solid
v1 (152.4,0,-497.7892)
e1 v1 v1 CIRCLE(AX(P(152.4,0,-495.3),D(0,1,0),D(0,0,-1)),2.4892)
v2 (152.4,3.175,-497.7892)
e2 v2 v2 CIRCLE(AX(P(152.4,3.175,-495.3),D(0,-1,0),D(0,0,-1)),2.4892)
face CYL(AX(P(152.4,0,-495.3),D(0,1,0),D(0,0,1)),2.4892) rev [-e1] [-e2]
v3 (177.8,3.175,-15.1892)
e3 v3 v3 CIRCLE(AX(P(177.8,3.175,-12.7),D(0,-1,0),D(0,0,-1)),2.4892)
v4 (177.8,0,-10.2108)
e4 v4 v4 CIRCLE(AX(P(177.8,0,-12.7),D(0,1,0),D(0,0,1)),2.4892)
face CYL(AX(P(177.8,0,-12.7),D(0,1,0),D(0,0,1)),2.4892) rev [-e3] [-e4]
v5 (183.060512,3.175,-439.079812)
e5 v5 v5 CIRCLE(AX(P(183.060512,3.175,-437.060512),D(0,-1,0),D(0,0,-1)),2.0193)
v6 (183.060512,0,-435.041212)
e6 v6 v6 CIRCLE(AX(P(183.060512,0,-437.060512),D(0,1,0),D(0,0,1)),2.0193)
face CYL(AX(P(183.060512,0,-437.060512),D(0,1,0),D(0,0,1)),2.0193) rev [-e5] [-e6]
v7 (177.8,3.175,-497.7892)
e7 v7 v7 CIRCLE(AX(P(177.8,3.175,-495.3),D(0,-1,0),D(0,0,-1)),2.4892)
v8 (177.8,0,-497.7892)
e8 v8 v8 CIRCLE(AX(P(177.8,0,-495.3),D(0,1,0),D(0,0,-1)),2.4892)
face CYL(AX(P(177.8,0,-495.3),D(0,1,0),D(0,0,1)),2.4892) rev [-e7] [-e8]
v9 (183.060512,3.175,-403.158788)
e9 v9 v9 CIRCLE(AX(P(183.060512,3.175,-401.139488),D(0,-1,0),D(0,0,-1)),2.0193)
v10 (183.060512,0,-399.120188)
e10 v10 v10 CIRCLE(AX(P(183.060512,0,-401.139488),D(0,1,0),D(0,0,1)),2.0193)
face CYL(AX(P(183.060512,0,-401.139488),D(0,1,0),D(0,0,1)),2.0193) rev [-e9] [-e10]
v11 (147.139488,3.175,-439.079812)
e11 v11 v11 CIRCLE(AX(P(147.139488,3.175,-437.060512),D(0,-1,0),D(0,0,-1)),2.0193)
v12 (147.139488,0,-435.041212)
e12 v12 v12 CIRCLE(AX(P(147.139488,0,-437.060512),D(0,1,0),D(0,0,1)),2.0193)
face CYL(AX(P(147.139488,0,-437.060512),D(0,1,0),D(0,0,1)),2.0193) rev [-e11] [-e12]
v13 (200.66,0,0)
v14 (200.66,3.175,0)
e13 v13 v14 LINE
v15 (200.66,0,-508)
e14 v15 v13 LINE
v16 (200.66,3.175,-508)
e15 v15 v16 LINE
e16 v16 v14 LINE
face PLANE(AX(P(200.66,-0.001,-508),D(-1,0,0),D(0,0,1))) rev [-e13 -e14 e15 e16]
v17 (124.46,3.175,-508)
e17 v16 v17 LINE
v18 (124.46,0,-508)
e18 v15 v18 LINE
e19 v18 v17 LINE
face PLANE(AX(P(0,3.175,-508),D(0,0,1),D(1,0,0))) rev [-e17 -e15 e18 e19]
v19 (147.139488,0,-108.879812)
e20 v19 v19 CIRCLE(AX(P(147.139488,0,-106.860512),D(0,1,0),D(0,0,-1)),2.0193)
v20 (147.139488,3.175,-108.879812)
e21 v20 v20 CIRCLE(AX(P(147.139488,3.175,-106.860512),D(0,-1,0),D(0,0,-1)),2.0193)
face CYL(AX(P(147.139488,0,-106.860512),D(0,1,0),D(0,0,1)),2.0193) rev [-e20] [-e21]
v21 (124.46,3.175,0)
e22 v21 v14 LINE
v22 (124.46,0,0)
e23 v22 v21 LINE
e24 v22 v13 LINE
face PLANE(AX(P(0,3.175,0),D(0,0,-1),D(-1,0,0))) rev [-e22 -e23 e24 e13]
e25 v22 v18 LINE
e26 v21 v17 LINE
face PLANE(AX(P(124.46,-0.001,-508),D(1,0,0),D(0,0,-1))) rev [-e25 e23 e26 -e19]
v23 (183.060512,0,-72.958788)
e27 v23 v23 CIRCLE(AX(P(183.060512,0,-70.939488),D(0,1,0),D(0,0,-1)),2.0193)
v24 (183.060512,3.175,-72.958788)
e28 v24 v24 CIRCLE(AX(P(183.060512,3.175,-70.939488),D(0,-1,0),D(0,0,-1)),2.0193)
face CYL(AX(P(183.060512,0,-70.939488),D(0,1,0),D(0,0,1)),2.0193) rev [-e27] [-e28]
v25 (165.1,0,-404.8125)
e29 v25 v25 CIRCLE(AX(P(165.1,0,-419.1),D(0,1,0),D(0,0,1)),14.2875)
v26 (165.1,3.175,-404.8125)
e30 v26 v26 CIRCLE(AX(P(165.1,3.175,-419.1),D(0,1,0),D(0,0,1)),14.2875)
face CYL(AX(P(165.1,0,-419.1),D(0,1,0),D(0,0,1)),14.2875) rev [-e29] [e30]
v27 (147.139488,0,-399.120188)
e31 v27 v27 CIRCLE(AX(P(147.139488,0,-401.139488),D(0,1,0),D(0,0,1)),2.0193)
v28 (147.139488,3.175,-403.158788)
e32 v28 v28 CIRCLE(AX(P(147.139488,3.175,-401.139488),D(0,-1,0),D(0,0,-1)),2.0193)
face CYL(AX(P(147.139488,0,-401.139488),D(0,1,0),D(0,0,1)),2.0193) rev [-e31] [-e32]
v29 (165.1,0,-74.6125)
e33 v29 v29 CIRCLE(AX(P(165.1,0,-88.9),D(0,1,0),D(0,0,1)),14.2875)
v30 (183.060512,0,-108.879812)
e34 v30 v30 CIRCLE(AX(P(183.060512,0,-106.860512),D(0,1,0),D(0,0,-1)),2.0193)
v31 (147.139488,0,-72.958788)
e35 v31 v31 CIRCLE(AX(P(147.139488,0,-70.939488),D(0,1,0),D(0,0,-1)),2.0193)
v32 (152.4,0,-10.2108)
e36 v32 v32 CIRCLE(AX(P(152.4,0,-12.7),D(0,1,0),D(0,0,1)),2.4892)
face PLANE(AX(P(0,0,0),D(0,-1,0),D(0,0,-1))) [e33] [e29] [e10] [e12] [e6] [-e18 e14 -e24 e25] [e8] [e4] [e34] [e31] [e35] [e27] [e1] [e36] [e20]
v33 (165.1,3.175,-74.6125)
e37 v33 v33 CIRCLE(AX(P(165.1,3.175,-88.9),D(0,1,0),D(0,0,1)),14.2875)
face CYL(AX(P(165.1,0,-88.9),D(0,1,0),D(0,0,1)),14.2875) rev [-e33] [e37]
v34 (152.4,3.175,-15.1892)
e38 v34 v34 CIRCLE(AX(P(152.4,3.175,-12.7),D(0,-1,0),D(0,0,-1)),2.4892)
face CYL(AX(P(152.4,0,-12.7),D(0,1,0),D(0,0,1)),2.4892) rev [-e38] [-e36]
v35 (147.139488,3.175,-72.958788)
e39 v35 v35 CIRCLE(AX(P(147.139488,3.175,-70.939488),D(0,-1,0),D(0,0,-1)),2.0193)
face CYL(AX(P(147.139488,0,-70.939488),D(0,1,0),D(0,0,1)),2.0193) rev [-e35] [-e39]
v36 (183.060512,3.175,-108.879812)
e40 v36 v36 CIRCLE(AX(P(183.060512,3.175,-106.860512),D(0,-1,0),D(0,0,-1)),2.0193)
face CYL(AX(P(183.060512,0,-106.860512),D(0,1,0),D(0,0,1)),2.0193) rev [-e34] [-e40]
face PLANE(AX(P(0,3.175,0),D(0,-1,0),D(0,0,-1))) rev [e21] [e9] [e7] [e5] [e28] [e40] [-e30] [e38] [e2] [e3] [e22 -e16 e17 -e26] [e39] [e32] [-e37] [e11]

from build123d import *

# Parameters (mm, degrees)
SKETCH1_W               = 406.4
SKETCH1_H               = 508
BOSS_EXTRUDE1_DEPTH     = 3.175
SKETCH2_R               = 14.2875
CUT_EXTRUDE1_DEPTH      = 3.175
SKETCH3_R               = 2.4892
CUT_EXTRUDE2_DEPTH      = 1
CUT_EXTRUDE2_DEPTH_BACK = 4.175
SKETCH4_R               = 2.0193
CUT_EXTRUDE3_DEPTH      = 1
CUT_EXTRUDE3_DEPTH_BACK = 4.175
CUT_EXTRUDE4_REACH      = 5.175
SKETCH5_W               = 124.46
SKETCH5_H               = 508
SKETCH5_W_2             = 205.74


with BuildPart() as part:
    # Sketch1 → Boss-Extrude1 (new body)
    with BuildSketch(Plane(origin=(0, 0, 0), x_dir=(1, 0, 0), z_dir=(0, 1, 0))):
        with Locations((203.2, 254)):
            Rectangle(SKETCH1_W, SKETCH1_H)
    extrude(amount=BOSS_EXTRUDE1_DEPTH)

    # Sketch2 → Cut-Extrude1 (cut)
    with BuildSketch(Plane(origin=(0, 3.175, 0), x_dir=(1, 0, 0), z_dir=(0, 1, 0))):
        with Locations((50.8, 419.1)):
            Circle(SKETCH2_R)
        with Locations((165.1, 419.1)):
            Circle(SKETCH2_R)
        with Locations((50.8, 88.9)):
            Circle(SKETCH2_R)
        with Locations((165.1, 88.9)):
            Circle(SKETCH2_R)
    extrude(amount=-CUT_EXTRUDE1_DEPTH, mode=Mode.SUBTRACT)

    # Sketch3 → Cut-Extrude2 (cut, two sides)
    with BuildSketch(Plane(origin=(0, 3.175, 0), x_dir=(1, 0, 0), z_dir=(0, 1, 0))) as cut_extrude2_sk:
        with Locations((38.1, 12.7)):
            Circle(SKETCH3_R)
        with Locations((63.5, 12.7)):
            Circle(SKETCH3_R)
        with Locations((152.4, 12.7)):
            Circle(SKETCH3_R)
        with Locations((177.8, 12.7)):
            Circle(SKETCH3_R)
        with Locations((203.2, 12.7)):
            Circle(SKETCH3_R)
        with Locations((228.6, 12.7)):
            Circle(SKETCH3_R)
        with Locations((254, 12.7)):
            Circle(SKETCH3_R)
        with Locations((279.4, 12.7)):
            Circle(SKETCH3_R)
        with Locations((304.8, 12.7)):
            Circle(SKETCH3_R)
        with Locations((330.2, 12.7)):
            Circle(SKETCH3_R)
        with Locations((355.6, 12.7)):
            Circle(SKETCH3_R)
        with Locations((381, 12.7)):
            Circle(SKETCH3_R)
        with Locations((381, 495.3)):
            Circle(SKETCH3_R)
        with Locations((355.6, 495.3)):
            Circle(SKETCH3_R)
        with Locations((330.2, 495.3)):
            Circle(SKETCH3_R)
        with Locations((304.8, 495.3)):
            Circle(SKETCH3_R)
        with Locations((279.4, 495.3)):
            Circle(SKETCH3_R)
        with Locations((254, 495.3)):
            Circle(SKETCH3_R)
        with Locations((228.6, 495.3)):
            Circle(SKETCH3_R)
        with Locations((203.2, 495.3)):
            Circle(SKETCH3_R)
        with Locations((177.8, 495.3)):
            Circle(SKETCH3_R)
        with Locations((152.4, 495.3)):
            Circle(SKETCH3_R)
        with Locations((63.5, 495.3)):
            Circle(SKETCH3_R)
        with Locations((38.1, 495.3)):
            Circle(SKETCH3_R)
        with Locations((101.6, 12.7)):
            Circle(SKETCH3_R)
    extrude(amount=CUT_EXTRUDE2_DEPTH, mode=Mode.SUBTRACT)
    extrude(cut_extrude2_sk.sketch, amount=-CUT_EXTRUDE2_DEPTH_BACK, mode=Mode.SUBTRACT)

    # Sketch4 → Cut-Extrude3 (cut, two sides)
    with BuildSketch(Plane(origin=(0, 3.175, 0), x_dir=(1, 0, 0), z_dir=(0, 1, 0))) as cut_extrude3_sk:
        with Locations((76.2, 419.1)):
            Circle(SKETCH4_R)
        with Locations((25.4, 419.1)):
            Circle(SKETCH4_R)
        with Locations((38.1, 441.097045256)):
            Circle(SKETCH4_R)
        with Locations((63.5, 441.097045256)):
            Circle(SKETCH4_R)
        with Locations((63.5, 397.102954744)):
            Circle(SKETCH4_R)
        with Locations((38.1, 397.102954744)):
            Circle(SKETCH4_R)
        with Locations((147.139487788, 437.060512212)):
            Circle(SKETCH4_R)
        with Locations((183.060512212, 437.060512212)):
            Circle(SKETCH4_R)
        with Locations((183.060512212, 401.139487788)):
            Circle(SKETCH4_R)
        with Locations((147.139487788, 401.139487788)):
            Circle(SKETCH4_R)
        with Locations((147.139487788, 106.860512212)):
            Circle(SKETCH4_R)
        with Locations((183.060512212, 106.860512212)):
            Circle(SKETCH4_R)
        with Locations((183.060512212, 70.939487788)):
            Circle(SKETCH4_R)
        with Locations((147.139487788, 70.939487788)):
            Circle(SKETCH4_R)
        with Locations((38.1, 110.897045256)):
            Circle(SKETCH4_R)
        with Locations((63.5, 110.897045256)):
            Circle(SKETCH4_R)
        with Locations((63.5, 66.902954744)):
            Circle(SKETCH4_R)
        with Locations((38.1, 66.902954744)):
            Circle(SKETCH4_R)
        with Locations((25.4, 88.9)):
            Circle(SKETCH4_R)
        with Locations((76.2, 88.9)):
            Circle(SKETCH4_R)
    extrude(amount=CUT_EXTRUDE3_DEPTH, mode=Mode.SUBTRACT)
    extrude(cut_extrude3_sk.sketch, amount=-CUT_EXTRUDE3_DEPTH_BACK, mode=Mode.SUBTRACT)

    # Sketch5 → Cut-Extrude4 (cut, up to next)
    with BuildSketch(Plane(origin=(0, 3.175, 0), x_dir=(1, 0, 0), z_dir=(0, 1, 0)), mode=Mode.PRIVATE) as cut_extrude4_sk1:
        with Locations((62.23, 254)):
            Rectangle(SKETCH5_W, SKETCH5_H)
    cut_extrude4_tool1 = extrude(cut_extrude4_sk1.sketch, amount=-CUT_EXTRUDE4_REACH, mode=Mode.PRIVATE) & part.part
    add(cut_extrude4_tool1.solids().sort_by_distance((62.23, 3.175, -254))[0], mode=Mode.SUBTRACT)
    # Sketch5 → Cut-Extrude4 (cut, up to next)
    with BuildSketch(Plane(origin=(0, 3.175, 0), x_dir=(1, 0, 0), z_dir=(0, 1, 0)), mode=Mode.PRIVATE) as cut_extrude4_sk2:
        with Locations((303.53, 254)):
            Rectangle(SKETCH5_W_2, SKETCH5_H)
    cut_extrude4_tool2 = extrude(cut_extrude4_sk2.sketch, amount=-CUT_EXTRUDE4_REACH, mode=Mode.PRIVATE) & part.part
    add(cut_extrude4_tool2.solids().sort_by_distance((303.53, 3.175, -254))[0], mode=Mode.SUBTRACT)


solid = part.part
